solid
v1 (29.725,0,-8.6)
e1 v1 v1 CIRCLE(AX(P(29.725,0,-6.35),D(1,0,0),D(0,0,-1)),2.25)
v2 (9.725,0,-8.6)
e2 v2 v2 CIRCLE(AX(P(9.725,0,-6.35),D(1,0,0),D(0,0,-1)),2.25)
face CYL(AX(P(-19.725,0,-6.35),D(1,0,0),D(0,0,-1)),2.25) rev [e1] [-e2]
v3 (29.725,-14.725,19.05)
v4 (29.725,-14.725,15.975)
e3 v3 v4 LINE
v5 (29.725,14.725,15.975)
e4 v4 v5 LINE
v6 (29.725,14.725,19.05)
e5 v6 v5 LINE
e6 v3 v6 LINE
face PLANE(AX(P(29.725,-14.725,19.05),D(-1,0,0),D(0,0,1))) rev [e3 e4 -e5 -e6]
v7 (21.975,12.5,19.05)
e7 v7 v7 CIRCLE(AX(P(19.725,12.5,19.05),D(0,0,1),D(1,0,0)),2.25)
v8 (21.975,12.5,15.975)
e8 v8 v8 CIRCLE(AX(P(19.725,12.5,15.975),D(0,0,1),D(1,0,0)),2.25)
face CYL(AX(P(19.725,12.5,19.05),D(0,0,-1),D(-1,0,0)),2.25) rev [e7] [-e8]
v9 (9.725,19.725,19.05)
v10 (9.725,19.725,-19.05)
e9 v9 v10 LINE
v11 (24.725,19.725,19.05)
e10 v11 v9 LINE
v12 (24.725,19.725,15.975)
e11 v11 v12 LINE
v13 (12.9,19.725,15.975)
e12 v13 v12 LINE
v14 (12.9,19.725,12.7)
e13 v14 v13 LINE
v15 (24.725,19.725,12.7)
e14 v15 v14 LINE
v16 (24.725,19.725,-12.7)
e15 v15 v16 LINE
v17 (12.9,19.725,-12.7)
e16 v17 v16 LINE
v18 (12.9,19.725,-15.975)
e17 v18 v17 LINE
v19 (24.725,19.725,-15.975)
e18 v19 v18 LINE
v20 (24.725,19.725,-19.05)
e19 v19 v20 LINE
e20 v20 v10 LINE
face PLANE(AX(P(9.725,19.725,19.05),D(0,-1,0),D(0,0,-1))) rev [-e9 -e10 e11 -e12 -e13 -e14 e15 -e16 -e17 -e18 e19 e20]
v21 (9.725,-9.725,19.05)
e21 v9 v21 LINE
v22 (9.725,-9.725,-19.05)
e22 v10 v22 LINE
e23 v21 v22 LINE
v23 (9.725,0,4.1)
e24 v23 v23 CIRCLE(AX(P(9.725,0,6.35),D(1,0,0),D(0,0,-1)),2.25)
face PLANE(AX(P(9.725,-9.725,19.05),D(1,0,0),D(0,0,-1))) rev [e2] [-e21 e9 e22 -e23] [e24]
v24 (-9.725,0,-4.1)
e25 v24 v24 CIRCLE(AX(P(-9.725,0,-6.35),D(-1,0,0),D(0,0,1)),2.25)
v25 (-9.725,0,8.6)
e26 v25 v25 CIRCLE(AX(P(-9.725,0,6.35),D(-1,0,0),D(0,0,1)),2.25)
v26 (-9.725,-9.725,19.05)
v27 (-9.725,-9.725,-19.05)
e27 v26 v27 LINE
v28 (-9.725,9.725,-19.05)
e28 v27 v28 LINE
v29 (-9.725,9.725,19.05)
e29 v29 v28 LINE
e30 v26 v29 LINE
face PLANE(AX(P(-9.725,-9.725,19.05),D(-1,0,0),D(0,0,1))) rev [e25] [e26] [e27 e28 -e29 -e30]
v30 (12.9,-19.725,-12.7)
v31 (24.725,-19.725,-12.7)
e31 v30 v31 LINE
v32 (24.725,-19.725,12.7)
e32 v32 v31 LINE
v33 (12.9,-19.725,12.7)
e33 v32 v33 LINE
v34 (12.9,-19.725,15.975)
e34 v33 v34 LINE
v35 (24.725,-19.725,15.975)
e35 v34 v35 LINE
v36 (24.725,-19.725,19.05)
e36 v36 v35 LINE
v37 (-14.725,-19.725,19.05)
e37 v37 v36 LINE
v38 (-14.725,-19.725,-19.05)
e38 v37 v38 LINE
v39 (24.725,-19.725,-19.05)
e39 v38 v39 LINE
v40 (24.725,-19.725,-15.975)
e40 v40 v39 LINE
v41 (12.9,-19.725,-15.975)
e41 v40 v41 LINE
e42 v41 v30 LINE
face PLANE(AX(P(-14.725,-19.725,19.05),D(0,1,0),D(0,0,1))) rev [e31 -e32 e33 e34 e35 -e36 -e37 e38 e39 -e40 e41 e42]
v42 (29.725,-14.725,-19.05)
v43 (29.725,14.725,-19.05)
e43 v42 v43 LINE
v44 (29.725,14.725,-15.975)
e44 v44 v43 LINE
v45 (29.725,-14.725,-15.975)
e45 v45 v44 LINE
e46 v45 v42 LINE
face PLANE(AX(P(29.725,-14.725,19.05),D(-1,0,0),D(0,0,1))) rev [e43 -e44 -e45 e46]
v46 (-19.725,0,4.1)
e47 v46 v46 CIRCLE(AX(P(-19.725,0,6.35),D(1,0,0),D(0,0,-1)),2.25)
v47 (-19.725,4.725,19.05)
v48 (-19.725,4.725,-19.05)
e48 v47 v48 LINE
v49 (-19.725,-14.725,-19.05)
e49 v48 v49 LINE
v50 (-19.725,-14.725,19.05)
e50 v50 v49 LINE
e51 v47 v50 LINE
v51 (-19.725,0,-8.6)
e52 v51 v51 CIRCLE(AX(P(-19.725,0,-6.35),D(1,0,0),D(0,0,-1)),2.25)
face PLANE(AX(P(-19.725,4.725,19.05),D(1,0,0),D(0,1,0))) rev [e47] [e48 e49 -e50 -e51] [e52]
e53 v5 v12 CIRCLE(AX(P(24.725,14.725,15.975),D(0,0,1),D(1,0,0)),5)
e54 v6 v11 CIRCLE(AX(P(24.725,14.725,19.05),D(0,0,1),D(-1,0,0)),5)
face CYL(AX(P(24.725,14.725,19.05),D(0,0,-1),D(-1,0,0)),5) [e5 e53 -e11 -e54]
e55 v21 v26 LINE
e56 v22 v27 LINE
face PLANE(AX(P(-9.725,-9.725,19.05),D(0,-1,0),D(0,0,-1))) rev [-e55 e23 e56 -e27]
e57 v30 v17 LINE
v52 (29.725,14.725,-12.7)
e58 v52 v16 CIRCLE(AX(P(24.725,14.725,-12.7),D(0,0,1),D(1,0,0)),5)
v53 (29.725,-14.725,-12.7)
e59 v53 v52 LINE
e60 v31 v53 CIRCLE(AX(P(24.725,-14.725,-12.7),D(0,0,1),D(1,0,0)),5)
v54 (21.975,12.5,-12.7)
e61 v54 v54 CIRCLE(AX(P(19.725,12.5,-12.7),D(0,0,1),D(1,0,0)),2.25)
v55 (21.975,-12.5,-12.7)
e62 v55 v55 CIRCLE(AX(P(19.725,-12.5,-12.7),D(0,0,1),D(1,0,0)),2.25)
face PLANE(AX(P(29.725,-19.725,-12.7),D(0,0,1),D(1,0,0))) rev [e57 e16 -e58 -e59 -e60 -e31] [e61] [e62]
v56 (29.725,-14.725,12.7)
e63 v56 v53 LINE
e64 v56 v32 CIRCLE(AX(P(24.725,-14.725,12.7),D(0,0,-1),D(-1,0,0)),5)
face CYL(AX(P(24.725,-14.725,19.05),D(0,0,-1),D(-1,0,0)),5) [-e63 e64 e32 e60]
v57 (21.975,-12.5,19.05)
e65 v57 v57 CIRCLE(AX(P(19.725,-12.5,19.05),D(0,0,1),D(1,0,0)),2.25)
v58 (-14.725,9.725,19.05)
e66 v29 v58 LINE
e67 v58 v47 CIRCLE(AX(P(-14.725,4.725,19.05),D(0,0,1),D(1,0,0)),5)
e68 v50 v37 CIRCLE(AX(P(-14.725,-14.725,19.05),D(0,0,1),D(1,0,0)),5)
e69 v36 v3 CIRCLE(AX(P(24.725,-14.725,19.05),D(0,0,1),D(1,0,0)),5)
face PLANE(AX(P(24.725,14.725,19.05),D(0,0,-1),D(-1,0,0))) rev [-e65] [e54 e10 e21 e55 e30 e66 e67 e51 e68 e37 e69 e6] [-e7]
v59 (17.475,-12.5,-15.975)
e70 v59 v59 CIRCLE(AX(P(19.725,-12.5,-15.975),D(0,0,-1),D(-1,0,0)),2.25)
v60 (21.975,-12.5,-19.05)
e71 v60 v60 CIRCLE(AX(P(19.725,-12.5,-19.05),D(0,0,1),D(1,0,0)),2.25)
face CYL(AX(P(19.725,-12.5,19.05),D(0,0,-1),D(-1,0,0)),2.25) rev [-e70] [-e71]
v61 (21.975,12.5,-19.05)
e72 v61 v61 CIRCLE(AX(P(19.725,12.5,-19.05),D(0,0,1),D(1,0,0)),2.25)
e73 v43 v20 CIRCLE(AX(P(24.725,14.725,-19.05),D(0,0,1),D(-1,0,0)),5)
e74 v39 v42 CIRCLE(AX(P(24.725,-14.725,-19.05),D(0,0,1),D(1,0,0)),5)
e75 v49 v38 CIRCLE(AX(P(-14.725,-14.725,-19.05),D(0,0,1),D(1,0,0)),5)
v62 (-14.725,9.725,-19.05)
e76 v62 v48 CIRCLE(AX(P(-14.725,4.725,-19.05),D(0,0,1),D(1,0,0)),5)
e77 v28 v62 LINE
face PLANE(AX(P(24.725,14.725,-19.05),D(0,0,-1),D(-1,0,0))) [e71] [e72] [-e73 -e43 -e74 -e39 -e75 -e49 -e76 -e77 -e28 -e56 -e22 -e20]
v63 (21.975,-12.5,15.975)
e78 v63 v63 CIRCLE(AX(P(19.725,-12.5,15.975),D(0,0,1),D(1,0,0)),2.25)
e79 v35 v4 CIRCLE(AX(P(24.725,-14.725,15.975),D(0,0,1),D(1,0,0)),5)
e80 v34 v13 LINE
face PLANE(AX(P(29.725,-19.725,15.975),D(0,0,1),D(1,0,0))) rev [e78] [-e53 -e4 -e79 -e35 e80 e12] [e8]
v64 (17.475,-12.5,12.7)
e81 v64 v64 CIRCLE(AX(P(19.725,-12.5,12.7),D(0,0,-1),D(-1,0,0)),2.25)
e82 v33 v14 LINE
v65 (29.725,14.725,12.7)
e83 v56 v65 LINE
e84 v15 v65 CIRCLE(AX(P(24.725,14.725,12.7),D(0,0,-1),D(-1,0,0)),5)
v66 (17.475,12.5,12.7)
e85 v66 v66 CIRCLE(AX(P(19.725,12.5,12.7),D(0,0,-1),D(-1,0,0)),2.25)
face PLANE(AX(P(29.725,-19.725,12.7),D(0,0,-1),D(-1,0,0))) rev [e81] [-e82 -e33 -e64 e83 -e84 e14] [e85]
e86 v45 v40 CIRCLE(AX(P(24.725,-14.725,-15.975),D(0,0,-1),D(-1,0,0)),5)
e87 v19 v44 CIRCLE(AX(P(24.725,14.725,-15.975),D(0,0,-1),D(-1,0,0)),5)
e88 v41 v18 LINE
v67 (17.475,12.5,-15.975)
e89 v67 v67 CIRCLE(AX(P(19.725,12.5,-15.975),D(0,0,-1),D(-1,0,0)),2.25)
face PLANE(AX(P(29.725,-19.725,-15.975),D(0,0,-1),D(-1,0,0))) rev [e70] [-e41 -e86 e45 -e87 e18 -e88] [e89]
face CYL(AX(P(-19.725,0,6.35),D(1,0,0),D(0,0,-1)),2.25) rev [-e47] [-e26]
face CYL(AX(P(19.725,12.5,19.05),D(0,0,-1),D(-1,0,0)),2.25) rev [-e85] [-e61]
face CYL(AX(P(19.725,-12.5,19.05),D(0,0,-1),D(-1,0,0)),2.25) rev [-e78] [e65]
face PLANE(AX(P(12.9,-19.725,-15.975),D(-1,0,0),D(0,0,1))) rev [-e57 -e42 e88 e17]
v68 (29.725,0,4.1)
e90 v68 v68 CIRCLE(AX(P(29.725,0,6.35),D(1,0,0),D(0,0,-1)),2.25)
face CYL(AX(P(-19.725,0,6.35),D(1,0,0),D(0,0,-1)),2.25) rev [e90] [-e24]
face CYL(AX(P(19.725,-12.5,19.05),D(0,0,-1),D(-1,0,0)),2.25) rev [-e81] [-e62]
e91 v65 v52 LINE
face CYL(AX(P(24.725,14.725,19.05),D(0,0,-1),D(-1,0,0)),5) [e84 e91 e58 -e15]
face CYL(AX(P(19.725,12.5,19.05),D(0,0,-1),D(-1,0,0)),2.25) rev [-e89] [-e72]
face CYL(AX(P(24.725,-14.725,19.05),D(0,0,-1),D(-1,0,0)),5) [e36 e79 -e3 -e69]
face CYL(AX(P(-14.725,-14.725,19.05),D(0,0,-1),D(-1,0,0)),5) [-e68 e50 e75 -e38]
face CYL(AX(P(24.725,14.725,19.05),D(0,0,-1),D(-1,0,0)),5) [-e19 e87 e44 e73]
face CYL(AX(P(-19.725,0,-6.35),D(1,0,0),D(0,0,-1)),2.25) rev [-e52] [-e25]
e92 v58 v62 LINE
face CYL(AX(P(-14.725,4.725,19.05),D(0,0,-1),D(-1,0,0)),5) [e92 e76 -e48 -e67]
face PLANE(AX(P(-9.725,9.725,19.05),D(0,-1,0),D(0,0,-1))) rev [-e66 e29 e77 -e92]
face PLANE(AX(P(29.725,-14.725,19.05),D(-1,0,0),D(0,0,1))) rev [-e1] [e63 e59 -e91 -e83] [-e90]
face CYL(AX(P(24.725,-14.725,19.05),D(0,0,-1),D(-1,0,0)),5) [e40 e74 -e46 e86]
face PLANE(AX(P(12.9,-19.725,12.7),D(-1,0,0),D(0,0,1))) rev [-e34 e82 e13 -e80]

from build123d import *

# Parameters (mm, degrees)
SKETCH1_R               = 2.25
BOSS_EXTRUDE1_DEPTH     = 19.05
SKETCH2_W               = 16.825
SKETCH2_H               = 3.275
CUT_EXTRUDE1_DEPTH      = 20.725
CUT_EXTRUDE1_DEPTH_BACK = 20.725
SKETCH4_R               = 2.25
CUT_EXTRUDE2_DEPTH      = 30.725
CUT_EXTRUDE2_DEPTH_BACK = 20.725


with BuildPart() as part:
    # Sketch1 → Boss-Extrude1 (new body, symmetric)
    with BuildSketch(Plane.XY):
        with BuildLine():
            Line((-9.725, 9.725), (-14.725, 9.725))
            ThreePointArc((-14.725, 9.725), (-18.260533906, 8.260533906), (-19.725, 4.725))
            Line((-19.725, 4.725), (-19.725, -14.725))
            ThreePointArc((-19.725, -14.725), (-18.260533906, -18.260533906), (-14.725, -19.725))
            Line((-14.725, -19.725), (24.725, -19.725))
            ThreePointArc((24.725, -19.725), (28.260533906, -18.260533906), (29.725, -14.725))
            Line((29.725, -14.725), (29.725, 14.725))
            ThreePointArc((29.725, 14.725), (28.260533906, 18.260533906), (24.725, 19.725))
            Line((24.725, 19.725), (9.725, 19.725))
            Line((9.725, 19.725), (9.725, 9.725))
            Line((9.725, 9.725), (9.725, -9.725))
            Line((9.725, -9.725), (-9.725, -9.725))
            Line((-9.725, -9.725), (-9.725, 9.725))
        make_face()
        with Locations((19.725, 12.5)):
            Circle(SKETCH1_R, mode=Mode.SUBTRACT)
        with Locations((19.725, -12.5)):
            Circle(SKETCH1_R, mode=Mode.SUBTRACT)
    extrude(amount=BOSS_EXTRUDE1_DEPTH, both=True)

    # Sketch2 → Cut-Extrude1 (cut, two sides)
    with BuildSketch(Plane(origin=(0, 0, 0), x_dir=(1, 0, 0), z_dir=(0, 1, 0))) as cut_extrude1_sk:
        with Locations((21.3125, 14.3375)):
            Rectangle(SKETCH2_W, SKETCH2_H)
        with Locations((21.3125, -14.3375)):
            Rectangle(SKETCH2_W, SKETCH2_H)
    extrude(amount=CUT_EXTRUDE1_DEPTH, mode=Mode.SUBTRACT)
    extrude(cut_extrude1_sk.sketch, amount=-CUT_EXTRUDE1_DEPTH_BACK, mode=Mode.SUBTRACT)

    # Sketch4 → Cut-Extrude2 (cut, two sides)
    with BuildSketch(Plane(origin=(0, 0, 0), x_dir=(0, 0, -1), z_dir=(1, 0, 0))) as cut_extrude2_sk:
        with Locations((-6.35, 0)):
            Circle(SKETCH4_R)
        with Locations((6.35, 0)):
            Circle(SKETCH4_R)
    extrude(amount=CUT_EXTRUDE2_DEPTH, mode=Mode.SUBTRACT)
    extrude(cut_extrude2_sk.sketch, amount=-CUT_EXTRUDE2_DEPTH_BACK, mode=Mode.SUBTRACT)


solid = part.part
